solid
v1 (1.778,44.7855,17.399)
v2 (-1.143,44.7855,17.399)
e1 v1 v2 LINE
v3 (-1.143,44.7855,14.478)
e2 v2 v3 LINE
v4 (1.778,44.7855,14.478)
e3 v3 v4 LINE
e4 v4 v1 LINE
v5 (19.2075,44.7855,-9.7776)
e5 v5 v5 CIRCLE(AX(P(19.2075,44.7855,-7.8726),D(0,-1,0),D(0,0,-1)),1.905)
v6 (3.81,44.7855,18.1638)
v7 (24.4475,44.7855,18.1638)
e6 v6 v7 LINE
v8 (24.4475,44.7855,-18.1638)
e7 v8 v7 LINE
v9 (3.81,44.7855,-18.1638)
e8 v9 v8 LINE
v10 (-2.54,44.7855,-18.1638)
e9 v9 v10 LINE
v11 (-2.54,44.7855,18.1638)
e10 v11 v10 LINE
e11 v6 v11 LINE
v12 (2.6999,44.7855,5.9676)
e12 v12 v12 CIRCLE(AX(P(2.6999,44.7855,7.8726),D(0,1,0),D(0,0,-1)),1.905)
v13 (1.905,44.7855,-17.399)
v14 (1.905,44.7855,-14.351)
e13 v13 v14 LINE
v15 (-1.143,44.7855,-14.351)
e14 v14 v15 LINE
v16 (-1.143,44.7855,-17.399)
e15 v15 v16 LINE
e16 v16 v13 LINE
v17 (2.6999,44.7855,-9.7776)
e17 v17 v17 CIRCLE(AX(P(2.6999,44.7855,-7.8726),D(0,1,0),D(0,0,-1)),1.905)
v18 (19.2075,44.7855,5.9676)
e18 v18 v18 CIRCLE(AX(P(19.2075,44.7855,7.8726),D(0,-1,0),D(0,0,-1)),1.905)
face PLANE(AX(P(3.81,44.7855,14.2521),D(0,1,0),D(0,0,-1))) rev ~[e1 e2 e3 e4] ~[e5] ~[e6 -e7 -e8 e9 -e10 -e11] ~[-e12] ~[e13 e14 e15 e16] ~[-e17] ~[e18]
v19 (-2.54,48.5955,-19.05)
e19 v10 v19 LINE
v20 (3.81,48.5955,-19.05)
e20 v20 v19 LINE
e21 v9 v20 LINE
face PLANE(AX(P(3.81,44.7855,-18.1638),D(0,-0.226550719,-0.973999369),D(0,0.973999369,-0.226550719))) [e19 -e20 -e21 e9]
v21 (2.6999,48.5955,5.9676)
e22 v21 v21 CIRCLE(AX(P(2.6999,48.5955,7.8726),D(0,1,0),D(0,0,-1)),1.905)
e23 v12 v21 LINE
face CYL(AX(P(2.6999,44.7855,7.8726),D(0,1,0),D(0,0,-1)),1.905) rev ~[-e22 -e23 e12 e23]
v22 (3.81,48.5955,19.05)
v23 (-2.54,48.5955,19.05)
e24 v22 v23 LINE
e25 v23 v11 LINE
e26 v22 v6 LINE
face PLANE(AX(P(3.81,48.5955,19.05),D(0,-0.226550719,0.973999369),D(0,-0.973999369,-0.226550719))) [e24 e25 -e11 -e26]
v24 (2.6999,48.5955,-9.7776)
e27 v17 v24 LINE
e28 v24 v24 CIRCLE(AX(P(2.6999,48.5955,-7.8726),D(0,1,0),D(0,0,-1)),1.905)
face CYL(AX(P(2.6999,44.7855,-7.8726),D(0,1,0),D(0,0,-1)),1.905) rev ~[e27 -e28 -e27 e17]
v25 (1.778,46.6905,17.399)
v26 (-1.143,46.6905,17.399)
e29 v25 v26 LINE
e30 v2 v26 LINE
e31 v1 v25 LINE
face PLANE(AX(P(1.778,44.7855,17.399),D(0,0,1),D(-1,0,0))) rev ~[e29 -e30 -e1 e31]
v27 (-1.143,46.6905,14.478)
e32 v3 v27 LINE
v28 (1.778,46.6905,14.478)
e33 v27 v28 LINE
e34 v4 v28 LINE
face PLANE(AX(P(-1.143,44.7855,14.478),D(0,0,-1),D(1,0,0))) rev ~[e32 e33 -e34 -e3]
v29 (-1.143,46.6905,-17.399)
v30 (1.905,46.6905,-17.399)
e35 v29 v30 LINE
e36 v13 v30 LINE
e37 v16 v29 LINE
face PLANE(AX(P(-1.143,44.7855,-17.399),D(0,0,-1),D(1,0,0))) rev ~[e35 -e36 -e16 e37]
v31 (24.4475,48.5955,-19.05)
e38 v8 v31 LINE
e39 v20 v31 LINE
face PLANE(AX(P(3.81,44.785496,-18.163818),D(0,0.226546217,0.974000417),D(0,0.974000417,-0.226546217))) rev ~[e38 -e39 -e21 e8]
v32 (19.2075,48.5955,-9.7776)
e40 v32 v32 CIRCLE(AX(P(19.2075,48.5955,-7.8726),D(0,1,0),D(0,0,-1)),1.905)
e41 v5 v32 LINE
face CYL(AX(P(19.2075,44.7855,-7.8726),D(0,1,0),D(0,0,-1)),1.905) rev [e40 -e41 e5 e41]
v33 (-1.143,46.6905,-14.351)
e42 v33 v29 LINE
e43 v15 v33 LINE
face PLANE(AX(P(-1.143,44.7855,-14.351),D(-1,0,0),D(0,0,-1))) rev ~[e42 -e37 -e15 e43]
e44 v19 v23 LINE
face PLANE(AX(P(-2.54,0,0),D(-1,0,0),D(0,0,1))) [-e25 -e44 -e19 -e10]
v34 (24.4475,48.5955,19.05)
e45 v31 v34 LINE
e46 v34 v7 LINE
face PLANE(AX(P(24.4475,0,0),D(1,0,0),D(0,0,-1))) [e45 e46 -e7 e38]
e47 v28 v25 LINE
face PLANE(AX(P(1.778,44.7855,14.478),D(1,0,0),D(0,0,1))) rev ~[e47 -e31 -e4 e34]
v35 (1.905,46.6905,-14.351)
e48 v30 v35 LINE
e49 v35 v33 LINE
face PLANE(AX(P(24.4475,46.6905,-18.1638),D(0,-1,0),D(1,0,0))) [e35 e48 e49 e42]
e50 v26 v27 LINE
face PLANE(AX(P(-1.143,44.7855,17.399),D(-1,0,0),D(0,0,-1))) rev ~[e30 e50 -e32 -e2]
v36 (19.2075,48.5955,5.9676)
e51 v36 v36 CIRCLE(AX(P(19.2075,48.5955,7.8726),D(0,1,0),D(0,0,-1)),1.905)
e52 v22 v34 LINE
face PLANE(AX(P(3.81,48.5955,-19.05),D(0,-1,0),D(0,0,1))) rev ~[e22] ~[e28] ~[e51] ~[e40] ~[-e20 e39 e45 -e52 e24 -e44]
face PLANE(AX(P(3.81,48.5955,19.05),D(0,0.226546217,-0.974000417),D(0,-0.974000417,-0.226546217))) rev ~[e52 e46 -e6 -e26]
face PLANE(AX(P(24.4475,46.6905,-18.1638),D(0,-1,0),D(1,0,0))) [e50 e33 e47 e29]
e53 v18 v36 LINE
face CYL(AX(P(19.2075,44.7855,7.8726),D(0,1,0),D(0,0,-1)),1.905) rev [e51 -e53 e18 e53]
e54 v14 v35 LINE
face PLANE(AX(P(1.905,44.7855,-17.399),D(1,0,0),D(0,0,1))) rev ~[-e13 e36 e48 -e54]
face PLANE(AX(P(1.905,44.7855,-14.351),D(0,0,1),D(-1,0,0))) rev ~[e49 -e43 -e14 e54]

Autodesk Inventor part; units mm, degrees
sketch "Sketch1" plane through (0, 0, 0) normal (1, 0, 0) x (0, 1, 0)
  circle A0 centre (0, 0) radius 3.937
  circle A1 centre (0, 0) radius 7.747
  dimension "d0" = 7.874
  dimension "d1" = 3.81
ref_plane "Work Plane2" through (0, 0, 0) normal (-1, 0, 0) x (0, 0, 1)
sketch "Sketch2" plane through (0, 0, 0) normal (-1, 0, 0) x (0, 0, 1)
  circle A0 centre (0, 0) radius 7.7384
  circle A1 centre (0, 0) radius 7.747
ref_plane "Work Plane4" through (-2.54, 0, 0) normal (-1, 0, 0) x (0, 0, 1)
sketch "Sketch3" plane through (-2.54, 0, 0) normal (-1, 0, 0) x (0, 0, 1)
  line L0 (19.05, 48.5955) -> (-19.05, 48.5955)
  circle A0 centre (0, 0) radius 7.747 projected
  line L1 (7.747, 0) -> (19.05, 48.5955)
  line L2 (-7.747, 0) -> (-19.05, 48.5955)
  arc A1 (7.747, 0) -> (-7.747, 0) centre (0, 0) ccw
  line L3 (-14.2521, 44.7855) -> (14.2521, 44.7855)
  line L4 (14.2521, 44.7855) -> (6.1161, 9.806)
  arc A2 (6.1161, 9.806) -> (-6.1161, 9.806) centre (0, 0) ccw
  line L5 (-6.1161, 9.806) -> (-14.2521, 44.7855)
  dimension "d6" = 38.1
  dimension "d7" = 19.05
  dimension "d8" = 3.81
ref_plane "Work Plane5" through (3.81, 0, 0) normal (1, 0, 0) x (0, 0, -1)
sketch "Sketch4" plane through (3.81, 0, 0) normal (1, 0, 0) x (0, 0, -1)
  line L0 (14.2521, 44.7855) -> (6.1161, 9.806) projected
  line L1 (14.2521, 44.7855) -> (6.1161, 9.806) projected
  arc A0 (6.1161, 9.806) -> (-6.1161, 9.806) centre (0, 0) ccw projected
  line L2 (-6.1161, 9.806) -> (-14.2521, 44.7855) projected
  line L3 (-14.2521, 44.7855) -> (14.2521, 44.7855) projected
  line L4 (19.05, 48.5955) -> (-19.05, 48.5955) projected
  line L5 (-19.05, 48.5955) -> (-7.747, 0) projected
  line L6 (7.747, 0) -> (19.05, 48.5955) projected
  line L7 (-14.2521, 44.7855) -> (14.2521, 44.7855) projected
  line L8 (14.2521, 44.7855) -> (18.1638, 44.7855)
  line L9 (14.2521, 44.7855) -> (-14.2521, 44.7855)
  line L10 (-14.2521, 44.7855) -> (-18.1638, 44.7855)
  line L11 (-19.05, 48.5955) -> (-7.747, 0) projected
  line L12 (-19.05, 48.5955) -> (-18.1638, 44.7855)
  line L13 (18.1638, 44.7855) -> (19.05, 48.5955)
  line L14 (-19.05, 48.5955) -> (19.05, 48.5955) projected
  line L15 (19.05, 48.5955) -> (-19.05, 48.5955)
  line L16 (18.1638, 44.7855) -> (-18.1638, 44.7855)
  arc A1 (7.747, 0) -> (-7.747, 0) centre (0, 0) ccw projected
extrude "Extrusion4" add sketch "Sketch4" along normal blind 20.6375 contours L3 L10 L5 L4 L6 L8
ref_plane "Work Plane7" through (-2.54, 44.7855, -14.2521) normal (0, -1, 0) x (1, 0, 0)
ref_plane "Work Plane6" through (-2.54, 44.7855, -14.2521) normal (0, -1, 0) x (1, 0, 0)
sketch "Sketch6" plane through (-2.54, 44.7855, -14.2521) normal (0, -1, 0) x (1, 0, 0)
  line L0 (6.35, 32.4159) -> (26.9875, 32.4159) projected
  line L1 (13.4874, 32.4159) -> (13.4874, 26.0989)
  line L2 (26.9875, 32.4159) -> (26.9875, -3.9117) projected
  point P0 (2.54, 14.2521)
  dimension "d20" = 13.5001
ref_plane "Work Plane1" through (10.9347, 0, 0) normal (1, 0, 0) x (0, 0, -1)
ref_plane "Work Plane3" through (0, 0, 0) normal (1, 0, 0) x (0, 0, -1)
sketch "Sketch10" plane through (0, 0, 0) normal (1, 0, 0) x (0, 0, -1)
  circle A0 centre (0, 0) radius 1.4542
extrude "Extrusion7" cut sketch "Sketch10" against normal blind 22.225
sketch "Sketch12" plane through (3.81, 0, 0) normal (-1, 0, 0) x (0, 0, 1)
  line L0 (18.1638, 44.7855) -> (-18.1638, 44.7855) projected
  line L1 (19.05, 48.5955) -> (18.1638, 44.7855) projected
  line L2 (-19.05, 48.5955) -> (19.05, 48.5955) projected
  line L3 (-19.05, 48.5955) -> (19.05, 48.5955) projected
  line L4 (18.1638, 44.7855) -> (-18.1638, 44.7855) projected
  line L5 (-19.05, 48.5955) -> (19.05, 48.5955) projected
  line L6 (-18.1638, 44.7855) -> (-19.05, 48.5955) projected
  line L7 (18.1638, 44.7855) -> (-18.1638, 44.7855) projected
  line L8 (-19.05, 48.5955) -> (19.05, 48.5955) projected
  line L9 (19.05, 48.5955) -> (-19.05, 48.5955)
  line L10 (-9.4207, 44.7855) -> (-18.1638, 44.7855) projected
  line L11 (-19.05, 48.5955) -> (-18.1638, 44.7855)
  line L12 (18.1638, 44.7855) -> (-18.1638, 44.7855) projected
  line L13 (-18.1638, 44.7855) -> (18.1638, 44.7855)
  line L14 (18.1638, 44.7855) -> (19.05, 48.5955)
  line L15 (19.05, 48.5955) -> (18.1638, 44.7855) projected
  line L16 (19.05, 48.5955) -> (18.1638, 44.7855) projected
  line L17 (-18.1638, 44.7855) -> (-19.05, 48.5955) projected
  line L18 (-18.1638, 44.7855) -> (-19.05, 48.5955) projected
  point P0 (0, 0)
  point P1 (9.4207, 48.5955)
  point P2 (9.4207, 44.7855)
  point P3 (6.3245, 44.7855)
  point P4 (6.3245, 48.5955)
  point P5 (-6.3245, 48.5955)
  point P6 (-6.3245, 44.7855)
  point P7 (-9.4207, 48.5955)
extrude "Extrusion8" add sketch "Sketch12" along normal blind 6.35
sketch "Sketch13" plane through (24.4475, 44.7855, -18.1638) normal (0, -1, 0) x (1, 0, 0)
  line L0 (-26.9875, 0) -> (-26.9875, 36.3276) projected
  line L1 (0, 36.3276) -> (0, 0) projected
  line L2 (-26.9875, 36.3276) -> (0, 36.3276) projected
  line L3 (-26.9875, -0.8862) -> (0, -0.8862) projected
  line L4 (0, 37.2138) -> (-26.9875, 37.2138) projected
  point P0 (-24.4475, 18.1638)
  point P1 (-21.7476, 26.0364)
  point P2 (-21.7476, 10.2912)
  dimension "d35" = 21.7476
  dimension "d36" = 21.7476
  dimension "d38" = 11.1774
  dimension "d39" = 11.1774
ref_plane "Work Plane8" through (10.9537, 0, 0) normal (1, 0, 0) x (0, 0, -1)
hole "Hole2" at (2.6999, 44.7855, -7.8726) at (2.6999, 44.7855, 7.8726) direction (0, 1, 0) diameter 3.81 end through all
mirror "Mirror2" about plane through (10.9537, 0, 0) normal (1, 0, 0) of "Hole2"
sketch "Sketch14" plane through (24.4475, 44.7855, -18.1638) normal (0, -1, 0) x (1, 0, 0)
  line L0 (-25.5905, 0.7648) -> (-22.5425, 0.7648)
  line L1 (-22.5425, 0.7648) -> (-22.5425, 3.8128)
  line L2 (-22.5425, 3.8128) -> (-25.5905, 3.8128)
  line L3 (-25.5905, 3.8128) -> (-25.5905, 0.7648)
  line L4 (-26.9875, -0.8862) -> (0, -0.8862) projected
  line L5 (-26.9875, 0) -> (-26.9875, 36.3276) projected
  line L6 (-25.5905, 32.6418) -> (-22.6695, 32.6418)
  line L7 (-22.6695, 32.6418) -> (-22.6695, 35.5628)
  line L8 (-22.6695, 35.5628) -> (-25.5905, 35.5628)
  line L9 (-25.5905, 35.5628) -> (-25.5905, 32.6418)
  line L10 (0, 37.2138) -> (-26.9875, 37.2138) projected
  point P0 (-24.4475, 18.1638)
  dimension "d47" = 3.048
  dimension "d48" = 3.048
  dimension "d49" = 1.651
  dimension "d50" = 1.397
  dimension "d51" = 2.921
  dimension "d52" = 2.921
  dimension "d53" = 1.651
  dimension "d54" = 1.397
extrude "Extrusion9" cut sketch "Sketch14" against normal blind 1.905
properties part number "BottomHolderThrustMotorHousing"
